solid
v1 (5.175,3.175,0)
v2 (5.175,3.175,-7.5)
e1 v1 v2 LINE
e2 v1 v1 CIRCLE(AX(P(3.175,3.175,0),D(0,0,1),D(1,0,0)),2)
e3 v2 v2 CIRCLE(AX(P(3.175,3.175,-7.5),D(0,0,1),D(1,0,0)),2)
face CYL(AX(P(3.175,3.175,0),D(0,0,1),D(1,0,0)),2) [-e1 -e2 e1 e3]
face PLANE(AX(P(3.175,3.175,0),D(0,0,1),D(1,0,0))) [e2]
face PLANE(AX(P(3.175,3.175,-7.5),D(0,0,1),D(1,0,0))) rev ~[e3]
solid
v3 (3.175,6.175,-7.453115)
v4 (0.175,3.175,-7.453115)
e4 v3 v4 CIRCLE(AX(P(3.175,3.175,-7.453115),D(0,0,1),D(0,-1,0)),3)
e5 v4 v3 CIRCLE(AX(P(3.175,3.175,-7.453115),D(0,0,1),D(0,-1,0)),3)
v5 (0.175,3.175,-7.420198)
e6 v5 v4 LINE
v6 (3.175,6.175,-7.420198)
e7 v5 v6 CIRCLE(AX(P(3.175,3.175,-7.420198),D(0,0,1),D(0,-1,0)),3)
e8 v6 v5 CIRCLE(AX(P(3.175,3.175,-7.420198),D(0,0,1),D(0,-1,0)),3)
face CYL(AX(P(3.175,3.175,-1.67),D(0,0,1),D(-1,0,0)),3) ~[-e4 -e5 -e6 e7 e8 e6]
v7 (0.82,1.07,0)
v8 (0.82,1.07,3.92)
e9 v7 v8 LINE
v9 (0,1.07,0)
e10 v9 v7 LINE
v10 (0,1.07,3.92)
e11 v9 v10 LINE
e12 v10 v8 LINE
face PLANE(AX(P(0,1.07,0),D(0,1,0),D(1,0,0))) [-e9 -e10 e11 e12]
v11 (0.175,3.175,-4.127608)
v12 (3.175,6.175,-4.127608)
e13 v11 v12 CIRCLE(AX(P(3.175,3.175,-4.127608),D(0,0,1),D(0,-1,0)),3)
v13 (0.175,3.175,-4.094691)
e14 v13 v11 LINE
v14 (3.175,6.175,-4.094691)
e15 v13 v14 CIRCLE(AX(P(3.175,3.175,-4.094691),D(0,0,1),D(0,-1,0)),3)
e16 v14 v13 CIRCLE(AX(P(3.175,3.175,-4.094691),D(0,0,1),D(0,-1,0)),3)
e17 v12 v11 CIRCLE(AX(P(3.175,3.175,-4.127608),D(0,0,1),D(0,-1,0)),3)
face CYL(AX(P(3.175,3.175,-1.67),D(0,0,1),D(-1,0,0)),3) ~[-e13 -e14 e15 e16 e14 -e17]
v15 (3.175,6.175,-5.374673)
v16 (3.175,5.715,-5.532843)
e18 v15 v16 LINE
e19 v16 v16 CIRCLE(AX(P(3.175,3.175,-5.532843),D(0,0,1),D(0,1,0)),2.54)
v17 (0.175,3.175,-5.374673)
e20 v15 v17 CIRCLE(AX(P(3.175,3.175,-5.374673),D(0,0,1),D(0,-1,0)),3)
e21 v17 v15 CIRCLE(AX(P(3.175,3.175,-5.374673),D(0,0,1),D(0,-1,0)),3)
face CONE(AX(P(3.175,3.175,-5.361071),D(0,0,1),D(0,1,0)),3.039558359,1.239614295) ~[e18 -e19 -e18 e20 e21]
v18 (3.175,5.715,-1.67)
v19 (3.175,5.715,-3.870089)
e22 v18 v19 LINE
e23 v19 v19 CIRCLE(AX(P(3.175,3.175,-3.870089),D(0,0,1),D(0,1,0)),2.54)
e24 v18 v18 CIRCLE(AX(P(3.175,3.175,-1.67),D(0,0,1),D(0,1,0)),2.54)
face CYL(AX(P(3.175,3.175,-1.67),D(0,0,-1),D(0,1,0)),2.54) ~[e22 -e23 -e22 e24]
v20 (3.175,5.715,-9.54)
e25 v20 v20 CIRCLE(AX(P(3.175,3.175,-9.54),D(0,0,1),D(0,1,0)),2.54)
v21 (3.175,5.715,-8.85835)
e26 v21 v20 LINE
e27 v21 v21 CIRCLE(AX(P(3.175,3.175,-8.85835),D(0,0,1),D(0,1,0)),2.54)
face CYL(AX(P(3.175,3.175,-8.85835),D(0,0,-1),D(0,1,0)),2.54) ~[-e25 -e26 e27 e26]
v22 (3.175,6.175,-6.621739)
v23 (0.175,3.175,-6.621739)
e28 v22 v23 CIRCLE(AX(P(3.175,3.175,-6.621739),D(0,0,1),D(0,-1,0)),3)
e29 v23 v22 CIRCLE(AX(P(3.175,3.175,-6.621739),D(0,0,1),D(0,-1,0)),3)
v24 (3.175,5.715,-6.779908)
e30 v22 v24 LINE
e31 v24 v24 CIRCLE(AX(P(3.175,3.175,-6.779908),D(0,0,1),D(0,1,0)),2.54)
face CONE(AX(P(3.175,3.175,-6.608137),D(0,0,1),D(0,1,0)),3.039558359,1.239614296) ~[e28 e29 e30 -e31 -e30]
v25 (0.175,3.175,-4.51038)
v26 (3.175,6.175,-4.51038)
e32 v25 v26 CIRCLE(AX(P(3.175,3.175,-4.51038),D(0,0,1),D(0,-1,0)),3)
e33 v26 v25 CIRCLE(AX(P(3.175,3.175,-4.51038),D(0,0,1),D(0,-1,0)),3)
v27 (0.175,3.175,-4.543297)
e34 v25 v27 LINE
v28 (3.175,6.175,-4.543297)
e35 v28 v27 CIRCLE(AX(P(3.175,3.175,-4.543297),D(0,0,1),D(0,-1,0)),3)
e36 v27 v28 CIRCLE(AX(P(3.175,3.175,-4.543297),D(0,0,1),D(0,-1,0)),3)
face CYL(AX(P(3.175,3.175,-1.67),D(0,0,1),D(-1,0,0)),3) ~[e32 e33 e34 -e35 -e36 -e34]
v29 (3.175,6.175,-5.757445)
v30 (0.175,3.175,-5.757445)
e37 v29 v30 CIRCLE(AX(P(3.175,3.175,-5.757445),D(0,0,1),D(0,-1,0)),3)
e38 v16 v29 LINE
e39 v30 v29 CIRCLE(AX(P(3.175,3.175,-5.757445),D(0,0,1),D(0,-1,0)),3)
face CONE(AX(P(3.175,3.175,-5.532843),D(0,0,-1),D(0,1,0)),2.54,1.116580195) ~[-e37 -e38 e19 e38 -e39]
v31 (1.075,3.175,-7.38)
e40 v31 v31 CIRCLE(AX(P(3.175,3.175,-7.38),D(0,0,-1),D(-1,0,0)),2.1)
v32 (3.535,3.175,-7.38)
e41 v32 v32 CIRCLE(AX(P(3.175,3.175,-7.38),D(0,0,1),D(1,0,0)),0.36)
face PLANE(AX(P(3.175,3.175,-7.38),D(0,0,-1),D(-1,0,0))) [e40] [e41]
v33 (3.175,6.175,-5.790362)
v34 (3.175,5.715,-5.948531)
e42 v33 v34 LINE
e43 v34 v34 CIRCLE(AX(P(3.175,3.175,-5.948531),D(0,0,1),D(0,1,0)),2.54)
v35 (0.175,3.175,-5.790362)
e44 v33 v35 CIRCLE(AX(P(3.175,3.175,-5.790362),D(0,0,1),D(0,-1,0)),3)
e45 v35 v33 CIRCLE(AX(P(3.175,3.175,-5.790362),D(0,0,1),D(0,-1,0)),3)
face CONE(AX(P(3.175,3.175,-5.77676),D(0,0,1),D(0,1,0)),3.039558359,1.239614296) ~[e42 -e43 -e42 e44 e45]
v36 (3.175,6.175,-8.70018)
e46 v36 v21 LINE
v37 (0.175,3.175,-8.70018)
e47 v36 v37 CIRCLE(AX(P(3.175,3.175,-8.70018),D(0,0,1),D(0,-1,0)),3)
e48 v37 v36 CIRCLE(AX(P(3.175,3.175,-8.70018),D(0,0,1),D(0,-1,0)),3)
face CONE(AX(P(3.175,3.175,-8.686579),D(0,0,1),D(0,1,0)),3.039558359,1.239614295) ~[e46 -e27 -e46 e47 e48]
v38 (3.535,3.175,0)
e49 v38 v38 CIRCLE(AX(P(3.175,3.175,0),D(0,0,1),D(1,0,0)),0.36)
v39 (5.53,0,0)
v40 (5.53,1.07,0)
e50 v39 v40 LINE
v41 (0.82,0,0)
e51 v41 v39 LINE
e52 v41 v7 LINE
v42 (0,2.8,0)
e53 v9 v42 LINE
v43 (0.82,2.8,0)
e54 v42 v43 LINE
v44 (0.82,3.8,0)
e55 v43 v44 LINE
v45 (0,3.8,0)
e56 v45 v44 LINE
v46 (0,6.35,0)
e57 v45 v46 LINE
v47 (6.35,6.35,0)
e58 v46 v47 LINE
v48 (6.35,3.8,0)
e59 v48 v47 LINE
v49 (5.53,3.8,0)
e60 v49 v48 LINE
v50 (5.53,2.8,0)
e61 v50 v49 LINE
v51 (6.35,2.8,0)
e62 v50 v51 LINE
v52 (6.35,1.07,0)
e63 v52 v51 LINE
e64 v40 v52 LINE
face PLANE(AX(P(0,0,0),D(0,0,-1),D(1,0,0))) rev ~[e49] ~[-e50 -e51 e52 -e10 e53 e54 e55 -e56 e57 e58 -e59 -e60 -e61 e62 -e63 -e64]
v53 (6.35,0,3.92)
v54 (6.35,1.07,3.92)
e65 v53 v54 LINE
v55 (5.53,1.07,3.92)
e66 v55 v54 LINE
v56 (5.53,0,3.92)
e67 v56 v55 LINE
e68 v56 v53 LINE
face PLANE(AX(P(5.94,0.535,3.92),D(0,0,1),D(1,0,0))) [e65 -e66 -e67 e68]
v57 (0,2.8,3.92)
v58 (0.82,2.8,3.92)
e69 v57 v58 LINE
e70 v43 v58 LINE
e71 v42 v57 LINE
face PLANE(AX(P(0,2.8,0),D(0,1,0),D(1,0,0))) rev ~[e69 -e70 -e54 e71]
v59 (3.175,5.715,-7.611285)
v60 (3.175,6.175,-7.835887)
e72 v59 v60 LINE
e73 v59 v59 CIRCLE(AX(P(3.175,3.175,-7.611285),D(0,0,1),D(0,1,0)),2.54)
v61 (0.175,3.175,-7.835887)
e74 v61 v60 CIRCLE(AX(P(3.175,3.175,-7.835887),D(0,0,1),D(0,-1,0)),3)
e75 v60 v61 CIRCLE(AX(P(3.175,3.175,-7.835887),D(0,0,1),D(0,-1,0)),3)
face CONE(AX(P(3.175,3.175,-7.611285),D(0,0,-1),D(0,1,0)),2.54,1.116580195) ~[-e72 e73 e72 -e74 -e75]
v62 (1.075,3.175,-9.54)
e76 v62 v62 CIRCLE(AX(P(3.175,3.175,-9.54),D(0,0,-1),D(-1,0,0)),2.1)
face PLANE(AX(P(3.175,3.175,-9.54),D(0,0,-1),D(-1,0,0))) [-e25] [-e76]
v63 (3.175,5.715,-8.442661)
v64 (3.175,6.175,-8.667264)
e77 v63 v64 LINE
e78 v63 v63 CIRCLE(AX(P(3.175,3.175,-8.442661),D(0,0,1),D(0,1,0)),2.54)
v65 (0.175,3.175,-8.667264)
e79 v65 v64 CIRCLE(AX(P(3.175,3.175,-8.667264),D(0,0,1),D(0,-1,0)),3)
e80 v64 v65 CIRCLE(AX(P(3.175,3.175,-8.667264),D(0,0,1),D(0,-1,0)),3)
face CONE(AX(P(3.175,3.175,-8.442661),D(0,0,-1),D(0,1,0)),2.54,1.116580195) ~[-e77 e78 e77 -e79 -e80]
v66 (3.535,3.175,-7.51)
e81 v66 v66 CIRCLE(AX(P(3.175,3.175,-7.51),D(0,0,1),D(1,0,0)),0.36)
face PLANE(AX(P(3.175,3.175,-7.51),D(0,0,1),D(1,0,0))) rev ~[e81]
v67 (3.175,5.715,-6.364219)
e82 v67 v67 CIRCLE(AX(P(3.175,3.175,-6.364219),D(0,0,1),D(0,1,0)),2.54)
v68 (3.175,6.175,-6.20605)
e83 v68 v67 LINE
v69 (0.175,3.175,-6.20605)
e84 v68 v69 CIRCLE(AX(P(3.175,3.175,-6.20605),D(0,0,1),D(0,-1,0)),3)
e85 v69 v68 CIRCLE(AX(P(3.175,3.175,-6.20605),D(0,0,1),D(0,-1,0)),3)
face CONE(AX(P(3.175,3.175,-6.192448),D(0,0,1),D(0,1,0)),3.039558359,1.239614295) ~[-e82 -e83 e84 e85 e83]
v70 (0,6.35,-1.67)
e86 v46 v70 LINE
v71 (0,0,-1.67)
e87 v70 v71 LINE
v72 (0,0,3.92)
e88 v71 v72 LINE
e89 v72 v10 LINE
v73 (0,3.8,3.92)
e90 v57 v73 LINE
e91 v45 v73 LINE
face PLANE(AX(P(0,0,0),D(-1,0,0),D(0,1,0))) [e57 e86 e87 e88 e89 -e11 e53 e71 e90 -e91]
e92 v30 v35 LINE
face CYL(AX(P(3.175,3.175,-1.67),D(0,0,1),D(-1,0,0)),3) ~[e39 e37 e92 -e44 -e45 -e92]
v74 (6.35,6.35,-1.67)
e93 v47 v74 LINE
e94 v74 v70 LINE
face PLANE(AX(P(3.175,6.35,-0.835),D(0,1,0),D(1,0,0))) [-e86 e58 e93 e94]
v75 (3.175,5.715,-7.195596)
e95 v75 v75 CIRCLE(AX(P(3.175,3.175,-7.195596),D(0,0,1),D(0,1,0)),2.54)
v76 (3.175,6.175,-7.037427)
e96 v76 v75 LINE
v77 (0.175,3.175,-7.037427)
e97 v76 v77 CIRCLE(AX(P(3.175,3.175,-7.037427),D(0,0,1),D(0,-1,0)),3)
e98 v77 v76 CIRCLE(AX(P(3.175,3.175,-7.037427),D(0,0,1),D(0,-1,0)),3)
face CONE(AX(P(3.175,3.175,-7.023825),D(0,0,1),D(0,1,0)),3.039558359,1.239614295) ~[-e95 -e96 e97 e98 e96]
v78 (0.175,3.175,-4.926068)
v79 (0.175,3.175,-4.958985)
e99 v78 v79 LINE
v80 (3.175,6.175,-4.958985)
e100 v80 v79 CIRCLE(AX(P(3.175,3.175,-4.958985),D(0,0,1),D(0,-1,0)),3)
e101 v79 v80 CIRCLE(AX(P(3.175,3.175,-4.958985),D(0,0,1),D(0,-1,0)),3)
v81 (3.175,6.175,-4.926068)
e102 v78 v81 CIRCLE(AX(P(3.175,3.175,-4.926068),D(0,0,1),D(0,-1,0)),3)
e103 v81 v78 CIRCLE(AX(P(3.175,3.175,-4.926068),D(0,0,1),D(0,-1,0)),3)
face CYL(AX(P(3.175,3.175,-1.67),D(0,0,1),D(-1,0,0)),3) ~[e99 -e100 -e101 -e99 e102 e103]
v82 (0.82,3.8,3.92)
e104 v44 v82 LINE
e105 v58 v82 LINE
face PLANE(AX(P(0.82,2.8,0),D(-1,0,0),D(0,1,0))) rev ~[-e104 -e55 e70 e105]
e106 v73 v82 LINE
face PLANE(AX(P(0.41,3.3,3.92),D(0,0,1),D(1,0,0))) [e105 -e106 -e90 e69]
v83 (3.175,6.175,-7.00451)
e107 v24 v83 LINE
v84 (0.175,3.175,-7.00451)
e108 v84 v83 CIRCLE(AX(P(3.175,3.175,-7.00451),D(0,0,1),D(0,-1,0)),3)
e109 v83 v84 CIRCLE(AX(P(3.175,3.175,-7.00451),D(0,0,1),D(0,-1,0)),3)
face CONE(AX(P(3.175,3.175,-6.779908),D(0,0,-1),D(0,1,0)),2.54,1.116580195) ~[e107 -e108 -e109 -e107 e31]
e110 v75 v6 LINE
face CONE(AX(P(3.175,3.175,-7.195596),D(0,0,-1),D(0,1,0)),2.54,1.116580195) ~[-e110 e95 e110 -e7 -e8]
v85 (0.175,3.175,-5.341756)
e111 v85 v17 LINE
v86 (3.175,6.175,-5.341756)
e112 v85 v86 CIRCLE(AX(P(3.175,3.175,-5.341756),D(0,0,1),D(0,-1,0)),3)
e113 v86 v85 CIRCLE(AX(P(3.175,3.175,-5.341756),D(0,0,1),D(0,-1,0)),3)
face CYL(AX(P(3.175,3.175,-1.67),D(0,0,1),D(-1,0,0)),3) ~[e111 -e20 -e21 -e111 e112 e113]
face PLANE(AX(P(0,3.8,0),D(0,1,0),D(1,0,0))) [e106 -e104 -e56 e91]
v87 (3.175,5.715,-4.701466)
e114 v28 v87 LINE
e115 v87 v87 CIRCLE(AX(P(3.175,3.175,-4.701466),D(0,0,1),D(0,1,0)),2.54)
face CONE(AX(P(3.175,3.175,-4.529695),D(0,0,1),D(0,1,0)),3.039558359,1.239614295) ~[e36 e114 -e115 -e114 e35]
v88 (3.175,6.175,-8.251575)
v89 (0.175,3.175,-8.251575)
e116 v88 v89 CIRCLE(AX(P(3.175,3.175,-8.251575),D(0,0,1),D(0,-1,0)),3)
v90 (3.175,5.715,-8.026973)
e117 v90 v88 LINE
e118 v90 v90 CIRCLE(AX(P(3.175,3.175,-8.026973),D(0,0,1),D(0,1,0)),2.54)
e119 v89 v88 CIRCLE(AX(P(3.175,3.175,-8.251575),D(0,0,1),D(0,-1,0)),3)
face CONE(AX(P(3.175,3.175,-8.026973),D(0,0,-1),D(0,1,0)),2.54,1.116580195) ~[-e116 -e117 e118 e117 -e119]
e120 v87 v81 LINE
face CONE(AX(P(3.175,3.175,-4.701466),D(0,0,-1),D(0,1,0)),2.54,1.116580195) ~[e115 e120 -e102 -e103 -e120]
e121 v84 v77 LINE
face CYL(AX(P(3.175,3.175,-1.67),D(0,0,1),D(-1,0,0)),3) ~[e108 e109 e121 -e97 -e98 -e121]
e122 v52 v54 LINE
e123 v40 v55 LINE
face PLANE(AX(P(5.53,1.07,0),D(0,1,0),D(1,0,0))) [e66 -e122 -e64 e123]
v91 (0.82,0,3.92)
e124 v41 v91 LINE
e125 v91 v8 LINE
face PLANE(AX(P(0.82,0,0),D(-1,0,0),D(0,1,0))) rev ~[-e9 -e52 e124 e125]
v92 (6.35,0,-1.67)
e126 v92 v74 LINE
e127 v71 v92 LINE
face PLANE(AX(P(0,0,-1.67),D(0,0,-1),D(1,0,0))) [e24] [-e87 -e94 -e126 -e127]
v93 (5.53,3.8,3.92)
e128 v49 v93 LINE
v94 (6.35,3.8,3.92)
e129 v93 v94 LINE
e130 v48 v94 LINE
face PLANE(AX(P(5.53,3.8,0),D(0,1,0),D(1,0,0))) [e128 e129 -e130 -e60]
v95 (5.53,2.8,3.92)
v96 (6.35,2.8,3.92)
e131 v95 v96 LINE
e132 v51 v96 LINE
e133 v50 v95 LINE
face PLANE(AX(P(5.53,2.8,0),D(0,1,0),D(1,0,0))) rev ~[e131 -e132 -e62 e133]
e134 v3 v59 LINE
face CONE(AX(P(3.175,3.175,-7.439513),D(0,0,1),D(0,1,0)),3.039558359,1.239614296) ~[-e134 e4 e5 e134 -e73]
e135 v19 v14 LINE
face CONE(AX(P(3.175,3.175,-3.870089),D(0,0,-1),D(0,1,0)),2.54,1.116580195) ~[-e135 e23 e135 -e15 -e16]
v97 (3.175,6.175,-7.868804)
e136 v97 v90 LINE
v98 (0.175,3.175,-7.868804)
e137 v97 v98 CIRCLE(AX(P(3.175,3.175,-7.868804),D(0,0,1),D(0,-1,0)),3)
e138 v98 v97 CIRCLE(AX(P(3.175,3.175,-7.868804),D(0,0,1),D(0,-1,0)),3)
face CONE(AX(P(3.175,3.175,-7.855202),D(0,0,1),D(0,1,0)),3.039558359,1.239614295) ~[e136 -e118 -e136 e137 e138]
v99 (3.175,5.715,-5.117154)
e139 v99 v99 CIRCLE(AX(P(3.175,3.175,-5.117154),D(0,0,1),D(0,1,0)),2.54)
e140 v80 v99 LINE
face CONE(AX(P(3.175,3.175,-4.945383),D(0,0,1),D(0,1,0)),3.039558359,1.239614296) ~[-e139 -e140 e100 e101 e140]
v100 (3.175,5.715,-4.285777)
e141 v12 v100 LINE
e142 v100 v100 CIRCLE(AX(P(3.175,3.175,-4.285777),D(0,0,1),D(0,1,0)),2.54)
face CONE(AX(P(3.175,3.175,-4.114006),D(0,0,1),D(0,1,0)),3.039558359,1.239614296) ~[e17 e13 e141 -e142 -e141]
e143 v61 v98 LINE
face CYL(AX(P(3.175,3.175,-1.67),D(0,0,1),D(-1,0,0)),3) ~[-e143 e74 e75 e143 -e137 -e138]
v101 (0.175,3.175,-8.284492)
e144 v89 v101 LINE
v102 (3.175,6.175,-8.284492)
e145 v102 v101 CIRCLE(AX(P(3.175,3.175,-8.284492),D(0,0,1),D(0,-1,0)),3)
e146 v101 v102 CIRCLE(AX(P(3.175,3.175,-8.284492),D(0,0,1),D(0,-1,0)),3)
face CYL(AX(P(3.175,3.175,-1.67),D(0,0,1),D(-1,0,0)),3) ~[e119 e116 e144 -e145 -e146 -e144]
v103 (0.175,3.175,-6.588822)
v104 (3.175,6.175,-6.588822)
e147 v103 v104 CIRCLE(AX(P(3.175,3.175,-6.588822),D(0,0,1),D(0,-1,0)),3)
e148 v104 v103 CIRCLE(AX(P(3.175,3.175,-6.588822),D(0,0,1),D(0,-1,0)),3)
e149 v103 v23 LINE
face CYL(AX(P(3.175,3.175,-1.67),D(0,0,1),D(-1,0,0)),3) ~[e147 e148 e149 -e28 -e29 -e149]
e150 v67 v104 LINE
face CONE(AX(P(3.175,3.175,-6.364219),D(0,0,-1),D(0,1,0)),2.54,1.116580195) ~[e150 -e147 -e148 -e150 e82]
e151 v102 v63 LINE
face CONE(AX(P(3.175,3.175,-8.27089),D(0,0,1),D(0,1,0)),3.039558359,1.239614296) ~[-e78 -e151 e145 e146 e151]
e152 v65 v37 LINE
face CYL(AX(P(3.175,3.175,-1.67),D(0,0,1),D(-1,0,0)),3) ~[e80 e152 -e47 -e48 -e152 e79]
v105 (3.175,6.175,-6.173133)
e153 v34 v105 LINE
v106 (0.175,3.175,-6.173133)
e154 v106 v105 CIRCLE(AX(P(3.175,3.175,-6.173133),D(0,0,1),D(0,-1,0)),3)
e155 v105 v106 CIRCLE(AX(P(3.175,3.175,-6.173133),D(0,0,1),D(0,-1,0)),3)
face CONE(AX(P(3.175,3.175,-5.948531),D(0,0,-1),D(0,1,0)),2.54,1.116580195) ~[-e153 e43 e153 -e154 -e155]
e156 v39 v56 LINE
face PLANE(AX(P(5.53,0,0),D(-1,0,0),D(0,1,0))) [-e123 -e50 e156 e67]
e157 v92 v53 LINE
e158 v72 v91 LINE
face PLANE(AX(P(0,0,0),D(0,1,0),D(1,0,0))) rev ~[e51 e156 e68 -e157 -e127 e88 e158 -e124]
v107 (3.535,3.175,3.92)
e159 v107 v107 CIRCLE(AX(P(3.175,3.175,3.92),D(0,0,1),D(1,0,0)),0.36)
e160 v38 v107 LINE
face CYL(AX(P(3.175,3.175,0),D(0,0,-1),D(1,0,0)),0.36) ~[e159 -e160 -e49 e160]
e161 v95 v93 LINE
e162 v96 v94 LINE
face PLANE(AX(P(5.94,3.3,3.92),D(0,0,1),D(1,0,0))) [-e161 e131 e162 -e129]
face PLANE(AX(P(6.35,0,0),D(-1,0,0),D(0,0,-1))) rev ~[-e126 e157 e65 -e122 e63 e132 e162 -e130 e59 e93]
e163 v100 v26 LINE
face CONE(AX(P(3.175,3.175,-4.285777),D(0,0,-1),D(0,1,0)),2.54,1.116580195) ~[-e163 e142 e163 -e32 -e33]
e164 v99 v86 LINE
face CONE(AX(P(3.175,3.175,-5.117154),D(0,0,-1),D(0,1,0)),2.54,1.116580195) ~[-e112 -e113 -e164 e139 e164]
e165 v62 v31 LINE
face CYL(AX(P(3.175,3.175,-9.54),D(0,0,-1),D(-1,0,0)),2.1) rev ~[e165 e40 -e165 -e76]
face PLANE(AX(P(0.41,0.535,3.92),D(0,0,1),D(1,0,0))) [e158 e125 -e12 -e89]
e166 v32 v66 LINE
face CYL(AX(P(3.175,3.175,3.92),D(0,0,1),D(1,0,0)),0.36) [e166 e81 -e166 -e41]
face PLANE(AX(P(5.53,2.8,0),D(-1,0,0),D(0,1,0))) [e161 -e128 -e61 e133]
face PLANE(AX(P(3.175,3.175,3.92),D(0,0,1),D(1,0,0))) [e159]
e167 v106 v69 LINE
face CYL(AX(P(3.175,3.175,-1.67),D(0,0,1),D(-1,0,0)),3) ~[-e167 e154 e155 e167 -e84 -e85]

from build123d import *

# Parameters (mm, degrees)
SKETCH1_W           = 6.35
SKETCH1_H           = 1.67
BOSS_EXTRUDE1_DEPTH = 6.35
SKETCH2_R           = 0.36
SKETCH2_W           = 0.82
SKETCH2_H           = 1.07
SKETCH2_H_2         = 1
BOSS_EXTRUDE2_DEPTH = 3.92
SKETCH3_R           = 2
BOSS_EXTRUDE3_DEPTH = 7.5
SKETCH4_R           = 3
BOSS_EXTRUDE4_DEPTH = 7.87
SKETCH5_R           = 2.1
CUT_EXTRUDE1_DEPTH  = 2.16
BOSS_EXTRUDE5_START = -11.43
SKETCH6_R           = 0.36
BOSS_EXTRUDE5_DEPTH = 11.43


with BuildPart() as part:
    # Sketch1 → Boss-Extrude1 (new body)
    with BuildSketch(Plane(origin=(0, 0, 0), x_dir=(1, 0, 0), z_dir=(0, 1, 0))):
        with Locations((3.175, 0.835)):
            Rectangle(SKETCH1_W, SKETCH1_H)
    extrude(amount=BOSS_EXTRUDE1_DEPTH)

    # Sketch2 → Boss-Extrude2 (add)
    with BuildSketch(Plane.XY):
        with Locations((3.175, 3.175)):
            Circle(SKETCH2_R)
        with Locations((0.41, 0.535)):
            Rectangle(SKETCH2_W, SKETCH2_H)
        with Locations((5.94, 0.535)):
            Rectangle(SKETCH2_W, SKETCH2_H)
        with Locations((0.41, 3.3)):
            Rectangle(SKETCH2_W, SKETCH2_H_2)
        with Locations((5.94, 3.3)):
            Rectangle(SKETCH2_W, SKETCH2_H_2)
    extrude(amount=BOSS_EXTRUDE2_DEPTH)

    # Sketch4 → Boss-Extrude4 (add)
    with BuildSketch(Plane(origin=(0, 0, -1.67), x_dir=(-1, 0, 0), z_dir=(0, 0, -1))):
        with Locations((-3.175, 3.175)):
            Circle(SKETCH4_R)
    extrude(amount=BOSS_EXTRUDE4_DEPTH)

    # Sketch5 → Cut-Extrude1 (cut)
    with BuildSketch(Plane(origin=(0, 0, -9.54), x_dir=(-1, 0, 0), z_dir=(0, 0, -1))):
        with Locations((-3.175, 3.175)):
            Circle(SKETCH5_R)
    extrude(amount=-CUT_EXTRUDE1_DEPTH, mode=Mode.SUBTRACT)

    # Sketch6 → Boss-Extrude5 (add)
    with BuildSketch(Plane.XY.offset(3.92).offset(BOSS_EXTRUDE5_START)):
        with Locations((3.175, 3.175)):
            Circle(SKETCH6_R)
    extrude(amount=BOSS_EXTRUDE5_DEPTH)

    # Sketch7 → Cut-Revolve1 (revolve, cut)
    with BuildSketch(Plane(origin=(3.175, 0, 0), x_dir=(0, 0, -1), z_dir=(1, 0, 0))):
        Polygon((1.67, 6.35), (1.67, 5.715), (3.870089104, 5.715), (4.114006287, 6.214558359), (4.285777487, 5.715), (4.52969467, 6.214558359), (4.701465871, 5.715), (4.945383054, 6.214558359), (5.117154254, 5.715), (5.361071437, 6.214558359), (5.532842638, 5.715), (5.776759821, 6.214558359), (5.948531021, 5.715), (6.192448204, 6.214558359), (6.364219405, 5.715), (6.608136588, 6.214558359), (6.779907788, 5.715), (7.023824971, 6.214558359), (7.195596172, 5.715), (7.439513355, 6.214558359), (7.611284555, 5.715), (7.855201738, 6.214558359), (8.026972939, 5.715), (8.270890122, 6.214558359), (8.442661322, 5.715), (8.686578505, 6.214558359), (8.858349706, 5.715), (9.54, 5.715), (9.54, 6.35), align=None)
    revolve(axis=Axis((3.175, 3.175, -9.54), (0, 0, 1)), mode=Mode.SUBTRACT)


with BuildPart() as body_2:
    # Sketch3 → Boss-Extrude3 (new body)
    with BuildSketch(Plane.XY):
        with Locations((3.175, 3.175)):
            Circle(SKETCH3_R)
    extrude(amount=-BOSS_EXTRUDE3_DEPTH)


solid = Compound([part.part, body_2.part])
